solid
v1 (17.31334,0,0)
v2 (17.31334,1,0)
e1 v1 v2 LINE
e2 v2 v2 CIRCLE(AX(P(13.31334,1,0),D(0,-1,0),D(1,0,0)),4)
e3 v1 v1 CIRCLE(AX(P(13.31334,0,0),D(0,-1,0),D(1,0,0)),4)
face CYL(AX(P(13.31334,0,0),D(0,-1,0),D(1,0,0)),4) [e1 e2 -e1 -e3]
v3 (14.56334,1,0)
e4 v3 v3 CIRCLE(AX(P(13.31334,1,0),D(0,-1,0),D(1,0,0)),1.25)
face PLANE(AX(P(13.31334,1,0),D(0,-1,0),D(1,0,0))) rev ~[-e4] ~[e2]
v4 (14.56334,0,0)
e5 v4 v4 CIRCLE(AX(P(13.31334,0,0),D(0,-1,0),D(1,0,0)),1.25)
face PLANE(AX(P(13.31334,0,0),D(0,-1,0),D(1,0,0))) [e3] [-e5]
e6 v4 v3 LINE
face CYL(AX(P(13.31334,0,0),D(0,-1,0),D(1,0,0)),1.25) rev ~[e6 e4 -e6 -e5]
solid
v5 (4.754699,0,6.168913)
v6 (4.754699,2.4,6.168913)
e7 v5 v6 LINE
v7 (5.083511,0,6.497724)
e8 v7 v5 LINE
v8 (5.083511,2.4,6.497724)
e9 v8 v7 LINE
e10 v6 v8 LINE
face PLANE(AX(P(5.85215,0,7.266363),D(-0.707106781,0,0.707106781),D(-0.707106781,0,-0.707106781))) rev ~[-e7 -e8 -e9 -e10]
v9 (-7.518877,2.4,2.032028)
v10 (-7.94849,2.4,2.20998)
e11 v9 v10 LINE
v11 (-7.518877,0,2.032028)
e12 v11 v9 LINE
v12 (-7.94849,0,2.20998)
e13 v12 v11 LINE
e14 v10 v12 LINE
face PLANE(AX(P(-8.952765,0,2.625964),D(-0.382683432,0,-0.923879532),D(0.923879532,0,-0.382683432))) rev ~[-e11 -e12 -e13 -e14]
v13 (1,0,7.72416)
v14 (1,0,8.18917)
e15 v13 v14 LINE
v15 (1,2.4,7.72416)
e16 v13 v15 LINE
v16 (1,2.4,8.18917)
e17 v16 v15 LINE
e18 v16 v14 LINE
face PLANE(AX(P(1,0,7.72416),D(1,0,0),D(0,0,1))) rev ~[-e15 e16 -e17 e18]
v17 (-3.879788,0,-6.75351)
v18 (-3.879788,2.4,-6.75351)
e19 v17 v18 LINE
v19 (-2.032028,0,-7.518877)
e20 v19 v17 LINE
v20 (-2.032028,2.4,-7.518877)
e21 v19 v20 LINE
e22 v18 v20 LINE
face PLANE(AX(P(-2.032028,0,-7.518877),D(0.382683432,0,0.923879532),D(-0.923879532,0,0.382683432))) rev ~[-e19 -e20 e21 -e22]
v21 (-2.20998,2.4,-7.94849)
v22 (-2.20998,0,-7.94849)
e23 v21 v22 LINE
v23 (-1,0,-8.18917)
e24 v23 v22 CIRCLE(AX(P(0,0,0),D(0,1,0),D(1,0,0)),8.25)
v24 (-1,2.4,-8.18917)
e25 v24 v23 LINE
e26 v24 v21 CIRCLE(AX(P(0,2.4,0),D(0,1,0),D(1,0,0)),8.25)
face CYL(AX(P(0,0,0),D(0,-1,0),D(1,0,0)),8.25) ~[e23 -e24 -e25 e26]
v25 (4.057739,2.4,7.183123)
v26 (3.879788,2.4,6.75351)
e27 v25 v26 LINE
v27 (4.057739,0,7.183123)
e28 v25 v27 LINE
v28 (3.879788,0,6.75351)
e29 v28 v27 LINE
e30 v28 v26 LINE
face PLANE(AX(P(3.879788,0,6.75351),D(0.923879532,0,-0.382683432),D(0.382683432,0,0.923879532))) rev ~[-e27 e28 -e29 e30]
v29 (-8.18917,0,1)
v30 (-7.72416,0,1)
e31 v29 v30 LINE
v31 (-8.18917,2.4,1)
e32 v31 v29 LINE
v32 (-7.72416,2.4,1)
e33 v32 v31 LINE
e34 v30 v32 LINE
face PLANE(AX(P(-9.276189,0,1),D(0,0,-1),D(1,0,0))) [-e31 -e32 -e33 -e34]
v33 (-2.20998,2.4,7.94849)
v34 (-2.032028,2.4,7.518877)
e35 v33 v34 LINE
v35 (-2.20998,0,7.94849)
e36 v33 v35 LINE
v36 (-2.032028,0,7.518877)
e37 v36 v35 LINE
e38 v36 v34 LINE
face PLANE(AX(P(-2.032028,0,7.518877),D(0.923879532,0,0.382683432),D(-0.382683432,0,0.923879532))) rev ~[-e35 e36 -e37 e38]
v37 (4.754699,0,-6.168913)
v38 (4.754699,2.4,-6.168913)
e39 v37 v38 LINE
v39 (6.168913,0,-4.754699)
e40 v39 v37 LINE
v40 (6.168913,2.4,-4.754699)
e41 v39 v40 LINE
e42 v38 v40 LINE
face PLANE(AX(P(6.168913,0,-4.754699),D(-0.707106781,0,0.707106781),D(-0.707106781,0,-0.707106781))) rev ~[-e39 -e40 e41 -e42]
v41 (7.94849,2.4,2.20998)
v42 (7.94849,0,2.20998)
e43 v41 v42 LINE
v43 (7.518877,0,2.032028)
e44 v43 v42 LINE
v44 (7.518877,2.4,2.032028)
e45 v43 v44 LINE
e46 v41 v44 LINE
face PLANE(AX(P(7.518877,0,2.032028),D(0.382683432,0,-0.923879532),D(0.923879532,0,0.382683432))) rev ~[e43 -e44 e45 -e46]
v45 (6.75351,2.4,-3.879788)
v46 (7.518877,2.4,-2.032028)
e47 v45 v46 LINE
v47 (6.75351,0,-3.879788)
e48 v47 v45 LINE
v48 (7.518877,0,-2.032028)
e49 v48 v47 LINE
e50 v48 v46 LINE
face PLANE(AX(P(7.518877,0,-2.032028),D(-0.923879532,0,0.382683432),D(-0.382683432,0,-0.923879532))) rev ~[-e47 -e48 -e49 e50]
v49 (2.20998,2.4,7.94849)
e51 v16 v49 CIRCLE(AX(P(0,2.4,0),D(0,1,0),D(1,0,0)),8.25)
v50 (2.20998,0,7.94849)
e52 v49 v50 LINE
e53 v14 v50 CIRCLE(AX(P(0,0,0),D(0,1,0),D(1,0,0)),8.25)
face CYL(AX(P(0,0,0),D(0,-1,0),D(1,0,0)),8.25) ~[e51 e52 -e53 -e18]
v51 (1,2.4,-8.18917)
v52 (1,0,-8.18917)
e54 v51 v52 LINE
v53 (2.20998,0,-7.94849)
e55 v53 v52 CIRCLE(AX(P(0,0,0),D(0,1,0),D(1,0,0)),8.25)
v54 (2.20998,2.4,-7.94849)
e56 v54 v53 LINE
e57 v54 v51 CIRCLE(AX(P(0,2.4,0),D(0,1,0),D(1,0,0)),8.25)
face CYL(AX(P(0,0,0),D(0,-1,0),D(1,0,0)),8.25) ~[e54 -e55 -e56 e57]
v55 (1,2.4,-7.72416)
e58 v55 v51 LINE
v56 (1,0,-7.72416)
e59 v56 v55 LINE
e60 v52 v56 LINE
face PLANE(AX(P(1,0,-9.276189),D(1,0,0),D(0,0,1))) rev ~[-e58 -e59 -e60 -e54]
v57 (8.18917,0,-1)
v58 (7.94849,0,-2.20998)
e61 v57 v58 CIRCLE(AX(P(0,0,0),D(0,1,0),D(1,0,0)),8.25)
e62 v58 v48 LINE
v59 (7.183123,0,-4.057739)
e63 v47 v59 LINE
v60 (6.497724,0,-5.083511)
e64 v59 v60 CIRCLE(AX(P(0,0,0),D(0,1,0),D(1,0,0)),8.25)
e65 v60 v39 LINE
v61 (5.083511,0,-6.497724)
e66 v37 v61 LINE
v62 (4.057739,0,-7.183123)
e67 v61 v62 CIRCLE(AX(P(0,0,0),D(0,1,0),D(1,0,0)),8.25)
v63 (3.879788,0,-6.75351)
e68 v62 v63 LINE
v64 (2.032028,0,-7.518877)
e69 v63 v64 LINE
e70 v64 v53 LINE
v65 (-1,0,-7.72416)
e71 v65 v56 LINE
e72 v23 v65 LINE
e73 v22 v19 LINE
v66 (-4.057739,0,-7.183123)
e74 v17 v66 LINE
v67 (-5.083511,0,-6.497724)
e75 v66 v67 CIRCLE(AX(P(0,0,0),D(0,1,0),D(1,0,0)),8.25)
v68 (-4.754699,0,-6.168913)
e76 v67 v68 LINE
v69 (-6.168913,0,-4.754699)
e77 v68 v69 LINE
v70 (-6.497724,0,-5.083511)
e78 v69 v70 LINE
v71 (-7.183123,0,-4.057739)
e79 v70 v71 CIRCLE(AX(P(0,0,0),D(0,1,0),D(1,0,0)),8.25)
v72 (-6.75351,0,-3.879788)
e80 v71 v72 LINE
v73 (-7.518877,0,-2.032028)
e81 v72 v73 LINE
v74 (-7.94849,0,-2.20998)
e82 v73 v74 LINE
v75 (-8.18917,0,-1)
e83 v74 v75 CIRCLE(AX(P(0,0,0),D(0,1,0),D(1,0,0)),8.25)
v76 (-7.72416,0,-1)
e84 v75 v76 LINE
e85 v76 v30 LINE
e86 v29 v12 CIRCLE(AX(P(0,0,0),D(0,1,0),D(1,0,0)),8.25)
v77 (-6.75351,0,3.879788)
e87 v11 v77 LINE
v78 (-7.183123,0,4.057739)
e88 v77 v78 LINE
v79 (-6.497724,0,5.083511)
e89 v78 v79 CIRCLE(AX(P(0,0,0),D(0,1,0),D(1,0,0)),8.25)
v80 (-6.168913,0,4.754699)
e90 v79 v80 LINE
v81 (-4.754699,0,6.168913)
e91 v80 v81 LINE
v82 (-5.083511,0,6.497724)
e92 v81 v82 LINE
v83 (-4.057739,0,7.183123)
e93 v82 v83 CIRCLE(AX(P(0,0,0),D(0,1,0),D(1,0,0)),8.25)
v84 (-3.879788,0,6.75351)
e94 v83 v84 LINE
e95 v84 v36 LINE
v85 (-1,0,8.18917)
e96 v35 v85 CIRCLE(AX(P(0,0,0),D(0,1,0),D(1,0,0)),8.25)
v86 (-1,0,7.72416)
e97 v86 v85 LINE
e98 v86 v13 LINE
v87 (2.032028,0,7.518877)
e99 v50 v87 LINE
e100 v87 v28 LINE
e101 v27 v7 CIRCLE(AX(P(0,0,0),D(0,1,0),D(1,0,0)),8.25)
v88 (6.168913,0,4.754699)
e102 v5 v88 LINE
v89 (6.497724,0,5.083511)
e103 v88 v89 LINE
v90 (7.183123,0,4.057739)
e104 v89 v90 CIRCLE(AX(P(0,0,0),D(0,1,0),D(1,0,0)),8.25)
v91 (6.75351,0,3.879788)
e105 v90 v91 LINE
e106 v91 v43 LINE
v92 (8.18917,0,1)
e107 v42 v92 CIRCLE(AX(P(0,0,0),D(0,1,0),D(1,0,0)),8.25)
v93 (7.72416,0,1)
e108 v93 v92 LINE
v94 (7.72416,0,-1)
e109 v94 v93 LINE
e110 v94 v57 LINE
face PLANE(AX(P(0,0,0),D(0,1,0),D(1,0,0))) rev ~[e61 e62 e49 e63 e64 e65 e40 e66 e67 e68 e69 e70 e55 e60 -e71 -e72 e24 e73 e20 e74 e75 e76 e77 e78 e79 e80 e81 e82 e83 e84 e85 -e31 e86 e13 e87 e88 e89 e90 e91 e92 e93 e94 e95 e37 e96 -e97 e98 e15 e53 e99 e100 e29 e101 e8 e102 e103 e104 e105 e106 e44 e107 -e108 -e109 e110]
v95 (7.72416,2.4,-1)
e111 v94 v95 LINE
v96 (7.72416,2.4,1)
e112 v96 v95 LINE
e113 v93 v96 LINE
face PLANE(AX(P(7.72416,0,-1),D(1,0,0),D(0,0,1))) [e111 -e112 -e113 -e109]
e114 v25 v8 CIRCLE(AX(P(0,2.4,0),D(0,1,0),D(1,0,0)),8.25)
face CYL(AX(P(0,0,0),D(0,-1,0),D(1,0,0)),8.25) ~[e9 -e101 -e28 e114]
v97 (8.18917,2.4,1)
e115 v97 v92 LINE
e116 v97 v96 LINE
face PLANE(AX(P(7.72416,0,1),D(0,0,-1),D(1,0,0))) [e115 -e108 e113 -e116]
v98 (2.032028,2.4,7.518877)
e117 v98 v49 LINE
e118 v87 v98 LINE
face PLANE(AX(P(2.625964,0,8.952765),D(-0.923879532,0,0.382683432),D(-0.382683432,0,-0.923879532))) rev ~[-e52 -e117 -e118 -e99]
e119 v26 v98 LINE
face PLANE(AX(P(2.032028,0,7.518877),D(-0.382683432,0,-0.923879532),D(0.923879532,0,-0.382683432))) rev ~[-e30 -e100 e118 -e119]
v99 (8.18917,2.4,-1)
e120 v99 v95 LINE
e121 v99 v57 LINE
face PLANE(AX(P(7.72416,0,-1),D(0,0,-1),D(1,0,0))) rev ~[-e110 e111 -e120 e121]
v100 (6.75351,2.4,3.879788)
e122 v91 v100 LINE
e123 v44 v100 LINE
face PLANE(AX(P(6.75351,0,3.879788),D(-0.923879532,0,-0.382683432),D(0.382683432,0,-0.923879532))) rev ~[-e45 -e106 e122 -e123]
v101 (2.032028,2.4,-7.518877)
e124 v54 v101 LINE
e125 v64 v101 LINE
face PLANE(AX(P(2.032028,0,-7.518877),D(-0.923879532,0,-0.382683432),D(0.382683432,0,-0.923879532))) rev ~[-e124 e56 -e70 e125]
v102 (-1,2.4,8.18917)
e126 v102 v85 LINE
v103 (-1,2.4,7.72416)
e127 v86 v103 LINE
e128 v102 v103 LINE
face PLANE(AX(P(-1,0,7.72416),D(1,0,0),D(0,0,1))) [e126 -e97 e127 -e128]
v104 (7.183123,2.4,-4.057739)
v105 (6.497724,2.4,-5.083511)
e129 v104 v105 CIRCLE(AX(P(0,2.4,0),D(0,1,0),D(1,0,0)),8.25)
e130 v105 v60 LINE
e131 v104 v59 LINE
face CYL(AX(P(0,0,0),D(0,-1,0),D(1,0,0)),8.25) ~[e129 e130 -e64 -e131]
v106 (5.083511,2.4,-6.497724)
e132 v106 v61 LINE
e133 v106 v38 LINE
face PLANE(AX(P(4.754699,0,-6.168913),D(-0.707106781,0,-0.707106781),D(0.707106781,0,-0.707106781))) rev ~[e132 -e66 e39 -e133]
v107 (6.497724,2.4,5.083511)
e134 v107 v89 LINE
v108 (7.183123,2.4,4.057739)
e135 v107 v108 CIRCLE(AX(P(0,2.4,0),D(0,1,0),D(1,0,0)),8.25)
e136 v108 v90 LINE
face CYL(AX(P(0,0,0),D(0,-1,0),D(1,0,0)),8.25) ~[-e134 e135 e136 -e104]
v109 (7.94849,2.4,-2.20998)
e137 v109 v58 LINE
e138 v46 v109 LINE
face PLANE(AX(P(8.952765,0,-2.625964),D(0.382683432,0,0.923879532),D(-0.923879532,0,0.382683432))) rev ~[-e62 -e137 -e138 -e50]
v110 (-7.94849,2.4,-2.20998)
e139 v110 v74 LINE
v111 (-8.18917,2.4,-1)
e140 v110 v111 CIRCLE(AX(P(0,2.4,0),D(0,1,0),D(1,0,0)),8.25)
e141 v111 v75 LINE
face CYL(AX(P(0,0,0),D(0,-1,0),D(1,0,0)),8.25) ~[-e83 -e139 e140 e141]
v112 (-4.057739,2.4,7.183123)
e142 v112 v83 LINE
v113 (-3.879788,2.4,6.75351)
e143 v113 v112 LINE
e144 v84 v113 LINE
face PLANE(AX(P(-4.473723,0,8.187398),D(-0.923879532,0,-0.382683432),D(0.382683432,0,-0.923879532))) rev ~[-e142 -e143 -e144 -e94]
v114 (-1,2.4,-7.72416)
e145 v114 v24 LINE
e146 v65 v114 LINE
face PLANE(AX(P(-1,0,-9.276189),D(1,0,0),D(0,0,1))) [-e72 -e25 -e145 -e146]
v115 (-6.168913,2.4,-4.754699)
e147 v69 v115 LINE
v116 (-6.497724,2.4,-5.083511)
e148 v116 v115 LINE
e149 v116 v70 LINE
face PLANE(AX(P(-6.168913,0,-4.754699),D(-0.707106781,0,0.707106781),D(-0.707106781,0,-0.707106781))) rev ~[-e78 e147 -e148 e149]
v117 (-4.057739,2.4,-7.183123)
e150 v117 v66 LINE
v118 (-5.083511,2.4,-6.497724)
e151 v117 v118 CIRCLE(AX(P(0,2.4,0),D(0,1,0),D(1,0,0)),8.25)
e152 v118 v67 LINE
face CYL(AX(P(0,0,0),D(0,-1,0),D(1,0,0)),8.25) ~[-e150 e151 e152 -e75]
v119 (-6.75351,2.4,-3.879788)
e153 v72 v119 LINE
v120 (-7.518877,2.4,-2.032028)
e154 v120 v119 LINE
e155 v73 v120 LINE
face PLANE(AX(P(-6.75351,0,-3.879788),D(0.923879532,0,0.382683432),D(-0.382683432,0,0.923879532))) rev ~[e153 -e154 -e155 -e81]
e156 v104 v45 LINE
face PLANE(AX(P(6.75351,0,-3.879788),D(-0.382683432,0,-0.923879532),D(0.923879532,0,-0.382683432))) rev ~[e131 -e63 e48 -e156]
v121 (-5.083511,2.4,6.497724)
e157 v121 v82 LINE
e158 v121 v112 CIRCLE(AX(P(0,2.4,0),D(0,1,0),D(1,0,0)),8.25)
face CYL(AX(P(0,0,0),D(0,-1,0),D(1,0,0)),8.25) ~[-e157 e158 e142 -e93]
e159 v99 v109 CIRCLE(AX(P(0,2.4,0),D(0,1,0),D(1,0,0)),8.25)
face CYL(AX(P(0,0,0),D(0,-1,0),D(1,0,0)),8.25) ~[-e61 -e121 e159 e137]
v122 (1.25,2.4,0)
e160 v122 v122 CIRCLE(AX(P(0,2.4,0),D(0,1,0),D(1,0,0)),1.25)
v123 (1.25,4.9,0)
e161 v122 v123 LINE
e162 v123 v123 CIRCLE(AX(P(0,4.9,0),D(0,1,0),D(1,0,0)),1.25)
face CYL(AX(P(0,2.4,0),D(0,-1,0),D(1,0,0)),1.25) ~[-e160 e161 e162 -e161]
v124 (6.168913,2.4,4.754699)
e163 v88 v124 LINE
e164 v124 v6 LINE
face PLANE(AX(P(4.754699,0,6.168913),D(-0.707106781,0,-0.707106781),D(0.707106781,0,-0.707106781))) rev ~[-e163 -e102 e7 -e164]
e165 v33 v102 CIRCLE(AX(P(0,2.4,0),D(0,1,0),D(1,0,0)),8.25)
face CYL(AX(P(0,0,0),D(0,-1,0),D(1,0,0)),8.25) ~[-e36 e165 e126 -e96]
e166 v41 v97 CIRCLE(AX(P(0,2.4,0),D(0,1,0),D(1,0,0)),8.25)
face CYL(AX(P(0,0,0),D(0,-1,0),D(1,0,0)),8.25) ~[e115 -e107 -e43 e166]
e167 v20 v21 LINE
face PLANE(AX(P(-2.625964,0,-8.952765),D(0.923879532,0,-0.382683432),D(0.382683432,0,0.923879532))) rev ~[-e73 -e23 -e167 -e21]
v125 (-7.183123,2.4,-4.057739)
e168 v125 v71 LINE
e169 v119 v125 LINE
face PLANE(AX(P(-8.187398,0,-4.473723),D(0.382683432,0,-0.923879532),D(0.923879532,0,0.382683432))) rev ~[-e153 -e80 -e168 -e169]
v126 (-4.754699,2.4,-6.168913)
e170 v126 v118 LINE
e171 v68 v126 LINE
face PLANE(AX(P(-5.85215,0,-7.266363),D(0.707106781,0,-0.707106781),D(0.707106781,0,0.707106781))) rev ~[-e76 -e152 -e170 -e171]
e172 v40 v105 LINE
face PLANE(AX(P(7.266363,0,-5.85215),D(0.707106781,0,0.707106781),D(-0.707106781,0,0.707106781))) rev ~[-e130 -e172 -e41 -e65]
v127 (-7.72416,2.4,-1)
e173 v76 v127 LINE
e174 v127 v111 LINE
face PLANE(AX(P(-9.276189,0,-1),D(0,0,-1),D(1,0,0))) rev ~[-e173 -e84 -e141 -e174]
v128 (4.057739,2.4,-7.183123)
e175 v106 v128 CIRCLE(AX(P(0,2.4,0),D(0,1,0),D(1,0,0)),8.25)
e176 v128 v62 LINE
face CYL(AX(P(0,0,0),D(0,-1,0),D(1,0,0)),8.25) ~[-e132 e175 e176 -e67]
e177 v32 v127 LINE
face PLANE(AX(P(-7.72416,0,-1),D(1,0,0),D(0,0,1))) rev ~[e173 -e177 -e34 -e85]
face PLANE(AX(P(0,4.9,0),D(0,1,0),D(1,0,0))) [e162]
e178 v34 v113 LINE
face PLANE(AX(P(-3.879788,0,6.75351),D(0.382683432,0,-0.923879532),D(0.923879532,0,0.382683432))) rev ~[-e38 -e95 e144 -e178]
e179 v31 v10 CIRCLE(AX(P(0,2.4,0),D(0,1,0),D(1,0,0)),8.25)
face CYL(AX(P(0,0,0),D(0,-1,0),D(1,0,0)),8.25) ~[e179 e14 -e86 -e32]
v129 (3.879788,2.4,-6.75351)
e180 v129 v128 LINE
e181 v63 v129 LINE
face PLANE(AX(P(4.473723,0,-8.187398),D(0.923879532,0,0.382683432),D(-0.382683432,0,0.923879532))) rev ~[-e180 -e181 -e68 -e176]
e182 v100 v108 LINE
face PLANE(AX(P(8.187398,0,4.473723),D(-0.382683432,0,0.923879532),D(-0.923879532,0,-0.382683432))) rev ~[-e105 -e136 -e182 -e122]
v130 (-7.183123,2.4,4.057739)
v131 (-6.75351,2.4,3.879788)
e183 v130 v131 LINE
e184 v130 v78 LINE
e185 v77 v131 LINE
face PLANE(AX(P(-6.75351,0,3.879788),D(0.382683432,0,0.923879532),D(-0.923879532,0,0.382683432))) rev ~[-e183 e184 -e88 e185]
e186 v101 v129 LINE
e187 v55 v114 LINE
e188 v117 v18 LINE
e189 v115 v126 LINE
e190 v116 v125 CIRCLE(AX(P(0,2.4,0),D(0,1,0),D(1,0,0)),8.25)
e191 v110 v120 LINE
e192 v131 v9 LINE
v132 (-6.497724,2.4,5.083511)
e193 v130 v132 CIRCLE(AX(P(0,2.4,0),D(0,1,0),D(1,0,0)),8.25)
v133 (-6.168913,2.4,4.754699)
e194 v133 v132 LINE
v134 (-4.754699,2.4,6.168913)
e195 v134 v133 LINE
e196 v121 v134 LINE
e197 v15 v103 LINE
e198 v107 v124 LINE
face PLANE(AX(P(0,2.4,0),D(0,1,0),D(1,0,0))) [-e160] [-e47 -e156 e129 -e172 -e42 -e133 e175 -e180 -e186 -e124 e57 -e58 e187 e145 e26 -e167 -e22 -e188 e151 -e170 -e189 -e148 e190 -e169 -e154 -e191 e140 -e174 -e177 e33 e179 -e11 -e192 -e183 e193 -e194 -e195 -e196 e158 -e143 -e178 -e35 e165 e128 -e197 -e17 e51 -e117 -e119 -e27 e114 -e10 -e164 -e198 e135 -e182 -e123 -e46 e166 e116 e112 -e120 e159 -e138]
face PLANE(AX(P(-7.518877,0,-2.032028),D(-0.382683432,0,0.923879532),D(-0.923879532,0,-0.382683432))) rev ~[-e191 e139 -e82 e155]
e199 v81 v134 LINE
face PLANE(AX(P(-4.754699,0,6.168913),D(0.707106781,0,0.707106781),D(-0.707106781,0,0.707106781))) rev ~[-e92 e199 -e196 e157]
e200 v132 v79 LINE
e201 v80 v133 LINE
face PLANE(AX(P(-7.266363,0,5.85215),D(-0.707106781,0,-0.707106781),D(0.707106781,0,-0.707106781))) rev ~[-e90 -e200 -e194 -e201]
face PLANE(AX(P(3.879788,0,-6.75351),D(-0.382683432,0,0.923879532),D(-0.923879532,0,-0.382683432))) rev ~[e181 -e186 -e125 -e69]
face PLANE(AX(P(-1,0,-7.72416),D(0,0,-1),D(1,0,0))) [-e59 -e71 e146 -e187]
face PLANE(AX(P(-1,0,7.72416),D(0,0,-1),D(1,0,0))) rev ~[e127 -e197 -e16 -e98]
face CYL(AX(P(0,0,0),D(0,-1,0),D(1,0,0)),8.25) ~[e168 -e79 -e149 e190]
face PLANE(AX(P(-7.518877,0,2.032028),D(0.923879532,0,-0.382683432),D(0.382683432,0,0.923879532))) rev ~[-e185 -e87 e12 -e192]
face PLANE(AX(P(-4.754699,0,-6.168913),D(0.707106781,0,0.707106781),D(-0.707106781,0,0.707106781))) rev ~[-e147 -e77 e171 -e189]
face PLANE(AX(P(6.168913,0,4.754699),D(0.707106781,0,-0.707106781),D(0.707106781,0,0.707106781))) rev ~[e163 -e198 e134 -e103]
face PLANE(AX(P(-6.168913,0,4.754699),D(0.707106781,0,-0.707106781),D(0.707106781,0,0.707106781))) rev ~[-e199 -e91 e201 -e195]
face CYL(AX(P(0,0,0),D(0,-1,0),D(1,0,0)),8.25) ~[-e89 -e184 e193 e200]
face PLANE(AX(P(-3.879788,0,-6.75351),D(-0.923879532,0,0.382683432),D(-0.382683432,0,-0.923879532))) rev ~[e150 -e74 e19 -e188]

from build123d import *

# Parameters (mm, degrees)
SKETCH1_R           = 8.25
BOSS_EXTRUDE1_DEPTH = 2.4
SKETCH2_R           = 1.25
BOSS_EXTRUDE2_DEPTH = 2.5
SKETCH4_W           = 2
SKETCH4_H           = 1.552029397
SKETCH4_W_2         = 1.552029397
SKETCH4_H_2         = 2
CUT_EXTRUDE2_DEPTH  = 4
SKETCH5_R           = 4
SKETCH5_R_2         = 1.25
BOSS_EXTRUDE3_DEPTH = 1


with BuildPart() as part:
    # Sketch1 → Boss-Extrude1 (new body)
    with BuildSketch(Plane(origin=(0, 0, 0), x_dir=(1, 0, 0), z_dir=(0, 1, 0))):
        Circle(SKETCH1_R)
    extrude(amount=BOSS_EXTRUDE1_DEPTH)

    # Sketch2 → Boss-Extrude2 (add)
    with BuildSketch(Plane(origin=(0, 2.4, 0), x_dir=(1, 0, 0), z_dir=(0, 1, 0))):
        Circle(SKETCH2_R)
    extrude(amount=BOSS_EXTRUDE2_DEPTH)

    # Sketch4 → Cut-Extrude2 (cut)
    with BuildSketch(Plane.XZ):
        Polygon((2.625964421, 8.952764849), (2.032028484, 7.518876655), (3.879787549, 6.75350979), (4.473723486, 8.187397984), align=None)
        with Locations((0, 8.500174583)):
            Rectangle(SKETCH4_W, SKETCH4_H)
        Polygon((5.852149563, 7.266363125), (4.754699052, 6.168912614), (6.168912614, 4.754699052), (7.266363125, 5.852149563), align=None)
        Polygon((8.187397984, 4.473723486), (6.75350979, 3.879787549), (7.518876655, 2.032028484), (8.952764849, 2.625964421), align=None)
        with Locations((8.500174583, 0)):
            Rectangle(SKETCH4_W_2, SKETCH4_H_2)
        Polygon((8.952764849, -2.625964421), (7.518876655, -2.032028484), (6.75350979, -3.879787549), (8.187397984, -4.473723486), align=None)
        Polygon((7.266363125, -5.852149563), (6.168912614, -4.754699052), (4.754699052, -6.168912614), (5.852149563, -7.266363125), align=None)
        Polygon((4.473723486, -8.187397984), (3.879787549, -6.75350979), (2.032028484, -7.518876655), (2.625964421, -8.952764849), align=None)
        with Locations((0, -8.500174583)):
            Rectangle(SKETCH4_W, SKETCH4_H)
        Polygon((-2.625964421, -8.952764849), (-2.032028484, -7.518876655), (-3.879787549, -6.75350979), (-4.473723486, -8.187397984), align=None)
        Polygon((-5.852149563, -7.266363125), (-4.754699052, -6.168912614), (-6.168912614, -4.754699052), (-7.266363125, -5.852149563), align=None)
        Polygon((-8.187397984, -4.473723486), (-6.75350979, -3.879787549), (-7.518876655, -2.032028484), (-8.952764849, -2.625964421), align=None)
        with Locations((-8.500174583, 0)):
            Rectangle(SKETCH4_W_2, SKETCH4_H_2)
        Polygon((-8.952764849, 2.625964421), (-7.518876655, 2.032028484), (-6.75350979, 3.879787549), (-8.187397984, 4.473723486), align=None)
        Polygon((-7.266363125, 5.852149563), (-6.168912614, 4.754699052), (-4.754699052, 6.168912614), (-5.852149563, 7.266363125), align=None)
        Polygon((-4.473723486, 8.187397984), (-3.879787549, 6.75350979), (-2.032028484, 7.518876655), (-2.625964421, 8.952764849), align=None)
    extrude(amount=-CUT_EXTRUDE2_DEPTH, mode=Mode.SUBTRACT)


with BuildPart() as body_2:
    # Sketch5 → Boss-Extrude3 (new body)
    with BuildSketch(Plane.XZ):
        with Locations((13.313340445, 0)):
            Circle(SKETCH5_R)
        with Locations((13.313340445, 0)):
            Circle(SKETCH5_R_2, mode=Mode.SUBTRACT)
    extrude(amount=-BOSS_EXTRUDE3_DEPTH)


solid = Compound([part.part, body_2.part])
